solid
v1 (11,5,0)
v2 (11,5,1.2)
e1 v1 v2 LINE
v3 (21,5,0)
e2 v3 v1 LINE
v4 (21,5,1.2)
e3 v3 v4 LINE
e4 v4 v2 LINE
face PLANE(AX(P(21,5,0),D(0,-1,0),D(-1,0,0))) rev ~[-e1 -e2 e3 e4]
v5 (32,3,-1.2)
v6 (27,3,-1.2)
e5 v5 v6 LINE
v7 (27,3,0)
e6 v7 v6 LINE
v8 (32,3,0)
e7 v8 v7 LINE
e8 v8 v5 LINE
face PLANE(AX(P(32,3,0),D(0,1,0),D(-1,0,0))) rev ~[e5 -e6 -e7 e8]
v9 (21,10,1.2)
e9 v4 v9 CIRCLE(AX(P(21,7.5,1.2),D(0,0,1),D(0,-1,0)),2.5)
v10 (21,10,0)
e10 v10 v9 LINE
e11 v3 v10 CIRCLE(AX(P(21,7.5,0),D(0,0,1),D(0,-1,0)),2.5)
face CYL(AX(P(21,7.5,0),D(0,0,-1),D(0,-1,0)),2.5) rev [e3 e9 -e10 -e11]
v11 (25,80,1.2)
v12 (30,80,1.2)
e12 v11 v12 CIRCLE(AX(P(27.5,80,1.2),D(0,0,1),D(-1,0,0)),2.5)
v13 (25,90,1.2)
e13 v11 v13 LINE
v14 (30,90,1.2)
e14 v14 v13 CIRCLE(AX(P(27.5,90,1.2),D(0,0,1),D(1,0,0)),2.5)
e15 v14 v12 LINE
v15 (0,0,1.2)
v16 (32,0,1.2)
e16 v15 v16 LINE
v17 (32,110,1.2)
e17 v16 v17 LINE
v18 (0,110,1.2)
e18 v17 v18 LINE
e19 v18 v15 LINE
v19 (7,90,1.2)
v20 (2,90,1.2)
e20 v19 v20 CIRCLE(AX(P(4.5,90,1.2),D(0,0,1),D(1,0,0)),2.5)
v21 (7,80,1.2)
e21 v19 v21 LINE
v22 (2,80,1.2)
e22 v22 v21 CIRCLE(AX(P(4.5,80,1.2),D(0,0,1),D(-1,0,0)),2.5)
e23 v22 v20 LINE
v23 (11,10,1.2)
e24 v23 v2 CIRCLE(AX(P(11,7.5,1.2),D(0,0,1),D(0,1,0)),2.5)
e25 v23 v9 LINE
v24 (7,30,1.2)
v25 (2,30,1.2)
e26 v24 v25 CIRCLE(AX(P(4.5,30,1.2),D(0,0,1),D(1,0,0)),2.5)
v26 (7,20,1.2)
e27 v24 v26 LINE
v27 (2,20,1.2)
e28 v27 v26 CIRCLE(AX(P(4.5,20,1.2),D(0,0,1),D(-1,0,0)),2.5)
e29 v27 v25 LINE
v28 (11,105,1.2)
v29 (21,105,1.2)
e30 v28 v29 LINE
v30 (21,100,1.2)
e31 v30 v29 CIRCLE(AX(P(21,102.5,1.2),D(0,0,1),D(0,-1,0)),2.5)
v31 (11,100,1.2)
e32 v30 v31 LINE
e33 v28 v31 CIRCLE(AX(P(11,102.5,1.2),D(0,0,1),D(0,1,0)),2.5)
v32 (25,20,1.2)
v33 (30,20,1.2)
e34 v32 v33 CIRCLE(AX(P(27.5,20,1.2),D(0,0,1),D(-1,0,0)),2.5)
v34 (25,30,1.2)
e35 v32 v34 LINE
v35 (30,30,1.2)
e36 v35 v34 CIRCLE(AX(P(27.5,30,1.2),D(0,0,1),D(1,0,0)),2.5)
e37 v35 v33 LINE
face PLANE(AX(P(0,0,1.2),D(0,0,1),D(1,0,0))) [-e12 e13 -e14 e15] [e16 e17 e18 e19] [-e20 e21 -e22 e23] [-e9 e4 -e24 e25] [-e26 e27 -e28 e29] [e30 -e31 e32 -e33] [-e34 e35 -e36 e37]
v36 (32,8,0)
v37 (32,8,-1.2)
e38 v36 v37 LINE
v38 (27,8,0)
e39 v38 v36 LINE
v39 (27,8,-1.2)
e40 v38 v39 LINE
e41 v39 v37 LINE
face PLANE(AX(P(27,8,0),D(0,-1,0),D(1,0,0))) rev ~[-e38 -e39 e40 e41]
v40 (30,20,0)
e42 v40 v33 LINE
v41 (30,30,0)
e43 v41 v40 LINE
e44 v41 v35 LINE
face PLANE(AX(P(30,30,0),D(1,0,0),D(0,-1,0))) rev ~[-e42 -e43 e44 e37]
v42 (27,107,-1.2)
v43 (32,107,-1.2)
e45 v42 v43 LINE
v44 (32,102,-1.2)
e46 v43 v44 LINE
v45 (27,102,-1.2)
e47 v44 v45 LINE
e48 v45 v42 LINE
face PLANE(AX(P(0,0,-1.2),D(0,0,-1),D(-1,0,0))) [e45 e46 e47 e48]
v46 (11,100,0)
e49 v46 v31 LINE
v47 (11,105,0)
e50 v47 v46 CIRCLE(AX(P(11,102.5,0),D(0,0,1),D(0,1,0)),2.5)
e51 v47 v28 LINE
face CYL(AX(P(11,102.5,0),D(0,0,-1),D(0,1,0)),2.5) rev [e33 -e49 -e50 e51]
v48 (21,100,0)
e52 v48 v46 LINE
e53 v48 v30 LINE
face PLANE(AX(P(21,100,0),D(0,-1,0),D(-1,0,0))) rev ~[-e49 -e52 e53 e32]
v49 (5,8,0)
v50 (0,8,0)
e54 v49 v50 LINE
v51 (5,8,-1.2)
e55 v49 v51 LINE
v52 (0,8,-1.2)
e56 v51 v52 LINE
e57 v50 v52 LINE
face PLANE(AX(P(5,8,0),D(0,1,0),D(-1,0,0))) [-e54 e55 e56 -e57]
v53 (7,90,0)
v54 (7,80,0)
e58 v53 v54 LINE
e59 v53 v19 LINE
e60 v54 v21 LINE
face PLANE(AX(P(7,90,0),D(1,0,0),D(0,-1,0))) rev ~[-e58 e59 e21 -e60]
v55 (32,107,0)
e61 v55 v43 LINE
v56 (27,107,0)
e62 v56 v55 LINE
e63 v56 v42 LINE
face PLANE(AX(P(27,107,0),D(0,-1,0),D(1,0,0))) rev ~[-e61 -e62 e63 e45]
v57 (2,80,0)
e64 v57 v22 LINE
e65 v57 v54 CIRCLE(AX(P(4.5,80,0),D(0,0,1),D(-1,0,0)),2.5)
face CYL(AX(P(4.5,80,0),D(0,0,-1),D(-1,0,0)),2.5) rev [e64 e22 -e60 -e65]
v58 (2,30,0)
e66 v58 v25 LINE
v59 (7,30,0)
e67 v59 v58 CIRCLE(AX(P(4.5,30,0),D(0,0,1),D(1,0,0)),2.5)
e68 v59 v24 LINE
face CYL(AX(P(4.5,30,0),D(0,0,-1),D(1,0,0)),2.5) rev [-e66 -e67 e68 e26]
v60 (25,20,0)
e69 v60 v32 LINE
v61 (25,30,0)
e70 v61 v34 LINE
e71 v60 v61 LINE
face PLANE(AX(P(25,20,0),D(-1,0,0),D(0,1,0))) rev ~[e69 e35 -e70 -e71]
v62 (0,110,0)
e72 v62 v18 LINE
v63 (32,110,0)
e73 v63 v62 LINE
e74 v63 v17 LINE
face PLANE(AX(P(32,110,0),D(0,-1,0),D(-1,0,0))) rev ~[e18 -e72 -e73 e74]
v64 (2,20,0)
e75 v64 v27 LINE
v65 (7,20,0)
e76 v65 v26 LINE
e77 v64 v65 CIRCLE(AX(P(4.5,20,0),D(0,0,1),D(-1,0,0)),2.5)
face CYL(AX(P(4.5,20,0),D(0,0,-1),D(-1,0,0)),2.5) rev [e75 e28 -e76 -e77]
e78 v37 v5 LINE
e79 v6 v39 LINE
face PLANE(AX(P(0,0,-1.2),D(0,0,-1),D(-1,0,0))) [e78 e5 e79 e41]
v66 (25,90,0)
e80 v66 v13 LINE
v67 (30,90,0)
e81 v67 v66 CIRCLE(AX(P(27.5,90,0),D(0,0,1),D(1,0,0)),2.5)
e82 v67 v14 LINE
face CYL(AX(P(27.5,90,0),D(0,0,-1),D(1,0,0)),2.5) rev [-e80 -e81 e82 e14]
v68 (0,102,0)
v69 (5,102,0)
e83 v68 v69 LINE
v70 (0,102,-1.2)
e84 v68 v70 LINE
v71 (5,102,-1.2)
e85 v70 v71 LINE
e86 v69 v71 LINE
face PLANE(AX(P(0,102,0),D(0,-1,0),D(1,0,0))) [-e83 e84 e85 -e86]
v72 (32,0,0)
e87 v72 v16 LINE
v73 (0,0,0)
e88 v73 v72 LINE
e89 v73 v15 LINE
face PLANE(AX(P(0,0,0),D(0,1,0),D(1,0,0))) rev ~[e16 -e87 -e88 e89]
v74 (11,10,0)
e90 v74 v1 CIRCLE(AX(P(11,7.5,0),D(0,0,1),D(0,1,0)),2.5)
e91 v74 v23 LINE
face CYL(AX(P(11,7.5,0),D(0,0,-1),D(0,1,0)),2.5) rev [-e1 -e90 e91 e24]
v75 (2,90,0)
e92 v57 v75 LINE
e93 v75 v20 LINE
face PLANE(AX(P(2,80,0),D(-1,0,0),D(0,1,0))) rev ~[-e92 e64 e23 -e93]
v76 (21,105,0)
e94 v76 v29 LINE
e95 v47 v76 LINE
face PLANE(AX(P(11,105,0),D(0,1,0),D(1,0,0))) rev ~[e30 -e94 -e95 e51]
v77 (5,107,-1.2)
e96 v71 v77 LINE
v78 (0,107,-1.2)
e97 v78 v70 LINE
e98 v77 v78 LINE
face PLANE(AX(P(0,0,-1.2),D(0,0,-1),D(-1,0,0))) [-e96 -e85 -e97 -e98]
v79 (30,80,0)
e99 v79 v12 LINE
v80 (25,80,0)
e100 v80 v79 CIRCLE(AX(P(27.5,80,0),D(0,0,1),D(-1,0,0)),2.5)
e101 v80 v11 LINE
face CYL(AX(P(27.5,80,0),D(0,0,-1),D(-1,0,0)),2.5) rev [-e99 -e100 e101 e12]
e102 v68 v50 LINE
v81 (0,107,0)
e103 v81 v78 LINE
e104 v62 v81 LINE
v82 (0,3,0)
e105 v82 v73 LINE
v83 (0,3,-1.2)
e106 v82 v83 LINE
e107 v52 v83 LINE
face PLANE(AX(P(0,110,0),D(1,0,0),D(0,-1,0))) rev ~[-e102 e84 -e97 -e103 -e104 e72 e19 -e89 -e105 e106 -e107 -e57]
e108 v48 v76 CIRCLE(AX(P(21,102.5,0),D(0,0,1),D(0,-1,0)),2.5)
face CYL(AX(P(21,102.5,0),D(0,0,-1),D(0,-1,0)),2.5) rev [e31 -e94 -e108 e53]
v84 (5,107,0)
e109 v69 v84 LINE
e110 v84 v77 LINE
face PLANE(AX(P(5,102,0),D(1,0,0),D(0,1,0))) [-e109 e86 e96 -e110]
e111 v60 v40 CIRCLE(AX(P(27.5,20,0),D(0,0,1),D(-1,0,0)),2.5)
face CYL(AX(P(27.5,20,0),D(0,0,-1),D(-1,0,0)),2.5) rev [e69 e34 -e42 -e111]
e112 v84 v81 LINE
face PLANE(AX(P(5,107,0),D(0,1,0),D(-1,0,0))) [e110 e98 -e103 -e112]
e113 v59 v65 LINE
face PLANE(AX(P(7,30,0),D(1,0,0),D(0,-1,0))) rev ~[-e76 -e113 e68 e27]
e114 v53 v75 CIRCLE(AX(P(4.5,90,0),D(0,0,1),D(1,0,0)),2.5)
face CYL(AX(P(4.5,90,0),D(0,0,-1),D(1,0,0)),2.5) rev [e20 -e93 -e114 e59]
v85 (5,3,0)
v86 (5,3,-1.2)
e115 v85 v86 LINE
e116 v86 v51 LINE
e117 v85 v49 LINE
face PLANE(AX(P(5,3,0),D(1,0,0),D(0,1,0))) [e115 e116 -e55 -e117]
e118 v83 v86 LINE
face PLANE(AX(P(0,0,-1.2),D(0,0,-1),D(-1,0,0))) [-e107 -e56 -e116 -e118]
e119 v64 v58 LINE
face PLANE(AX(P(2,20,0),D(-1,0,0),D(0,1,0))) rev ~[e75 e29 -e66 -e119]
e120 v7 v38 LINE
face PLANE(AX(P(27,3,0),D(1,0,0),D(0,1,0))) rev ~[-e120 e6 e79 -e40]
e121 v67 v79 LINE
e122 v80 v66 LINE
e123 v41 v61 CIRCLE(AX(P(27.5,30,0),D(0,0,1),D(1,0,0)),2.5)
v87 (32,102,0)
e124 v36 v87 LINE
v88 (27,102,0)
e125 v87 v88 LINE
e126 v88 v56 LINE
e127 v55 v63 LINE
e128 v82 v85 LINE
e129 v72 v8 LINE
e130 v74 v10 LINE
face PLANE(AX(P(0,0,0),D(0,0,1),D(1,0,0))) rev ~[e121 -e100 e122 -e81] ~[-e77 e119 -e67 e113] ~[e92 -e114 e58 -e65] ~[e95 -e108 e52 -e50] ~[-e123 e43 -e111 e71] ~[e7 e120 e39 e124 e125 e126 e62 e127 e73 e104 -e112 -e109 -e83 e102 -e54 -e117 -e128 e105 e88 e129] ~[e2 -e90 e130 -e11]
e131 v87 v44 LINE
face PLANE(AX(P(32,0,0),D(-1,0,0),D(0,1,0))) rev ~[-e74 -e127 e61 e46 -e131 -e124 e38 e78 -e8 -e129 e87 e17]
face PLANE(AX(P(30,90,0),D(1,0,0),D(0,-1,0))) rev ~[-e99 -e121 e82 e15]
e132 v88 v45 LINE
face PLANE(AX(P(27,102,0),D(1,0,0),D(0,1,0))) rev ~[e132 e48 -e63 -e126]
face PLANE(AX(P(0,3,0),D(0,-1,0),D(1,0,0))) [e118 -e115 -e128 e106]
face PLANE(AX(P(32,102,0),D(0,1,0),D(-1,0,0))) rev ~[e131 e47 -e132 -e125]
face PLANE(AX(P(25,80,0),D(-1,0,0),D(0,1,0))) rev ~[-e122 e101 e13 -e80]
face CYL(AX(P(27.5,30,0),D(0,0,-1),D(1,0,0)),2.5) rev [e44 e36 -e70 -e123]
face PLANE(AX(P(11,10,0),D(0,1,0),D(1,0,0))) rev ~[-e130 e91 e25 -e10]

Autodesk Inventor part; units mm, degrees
ref_plane "YZ Plane" through (0, 0, 0) normal (1, 0, 0) x (0, 1, 0)
ref_plane "XZ Plane" through (0, 0, 0) normal (0, 1, 0) x (-1, 0, 0)
ref_plane "XY Plane" through (0, 0, 0) normal (0, 0, 1) x (1, 0, 0)
sketch "Skizze1" plane through (0, 0, 0) normal (0, 0, 1) x (1, 0, 0)
  line L0 (0, 0) -> (32, 0)
  line L1 (32, 0) -> (32, 110)
  line L2 (32, 110) -> (0, 110)
  line L3 (0, 110) -> (0, 0)
  line L4 (11, 105) -> (21, 105)
  line L5 (21, 105) -> (21, 100) construction
  line L6 (21, 100) -> (11, 100)
  line L7 (11, 100) -> (11, 105) construction
  line L8 (11, 10) -> (21, 10)
  line L9 (21, 10) -> (21, 5) construction
  line L10 (21, 5) -> (11, 5)
  line L11 (11, 5) -> (11, 10) construction
  line L12 (2, 90) -> (7, 90) construction
  line L13 (7, 90) -> (7, 80)
  line L14 (7, 80) -> (2, 80) construction
  line L15 (2, 80) -> (2, 90)
  line L16 (2, 30) -> (7, 30) construction
  line L17 (7, 30) -> (7, 20)
  line L18 (7, 20) -> (2, 20) construction
  line L19 (2, 20) -> (2, 30)
  line L20 (25, 90) -> (30, 90) construction
  line L21 (30, 90) -> (30, 80)
  line L22 (30, 80) -> (25, 80) construction
  line L23 (25, 80) -> (25, 90)
  line L24 (25, 30) -> (30, 30) construction
  line L25 (30, 30) -> (30, 20)
  line L26 (30, 20) -> (25, 20) construction
  line L27 (25, 20) -> (25, 30)
  line L28 (16, 110) -> (16, 0) construction
  line L29 (7, 80) -> (7, 30) construction
  line L30 (0, 55) -> (32, 55) construction
  arc A0 (2, 80) -> (7, 80) centre (4.5, 80) ccw
  arc A1 (7, 90) -> (2, 90) centre (4.5, 90) ccw
  arc A2 (30, 90) -> (25, 90) centre (27.5, 90) ccw
  arc A3 (25, 80) -> (30, 80) centre (27.5, 80) ccw
  arc A4 (21, 5) -> (21, 10) centre (21, 7.5) ccw
  arc A5 (11, 10) -> (11, 5) centre (11, 7.5) ccw
  arc A6 (2, 20) -> (7, 20) centre (4.5, 20) ccw
  arc A7 (25, 20) -> (30, 20) centre (27.5, 20) ccw
  arc A8 (30, 30) -> (25, 30) centre (27.5, 30) ccw
  arc A9 (7, 30) -> (2, 30) centre (4.5, 30) ccw
  arc A10 (21, 100) -> (21, 105) centre (21, 102.5) ccw
  arc A11 (11, 105) -> (11, 100) centre (11, 102.5) ccw
  point P0 (16, 10)
  point P1 (7, 55)
  dimension "d0" = 32
  dimension "d1" = 110
  dimension "d4" = 10
  dimension "d5" = 10
  dimension "d6" = 10
  dimension "d7" = 5
  dimension "d8" = 5
  dimension "d9" = 5
  dimension "d10" = 5
  dimension "d11" = 5
  dimension "d12" = 2
  dimension "d13" = 2
  dimension "d14" = 50
  dimension "d15" = 5
extrude "Extrusion2" add sketch "Skizze1" along normal blind 1.2
sketch "Skizze2" plane through (0, 0, 0) normal (0, 0, -1) x (-1, 0, 0)
  arc A0 (-25, 30) -> (-30, 30) centre (-27.5, 30) ccw construction
  line L0 (-25, 30) -> (-25, 20) construction
  arc A1 (-30, 20) -> (-25, 20) centre (-27.5, 20) ccw construction
  line L1 (-30, 20) -> (-30, 30) construction
  arc A2 (-25, 90) -> (-30, 90) centre (-27.5, 90) ccw construction
  line L2 (-25, 90) -> (-25, 80) construction
  arc A3 (-30, 80) -> (-25, 80) centre (-27.5, 80) ccw construction
  line L3 (-30, 80) -> (-30, 90) construction
  arc A4 (-2, 30) -> (-7, 30) centre (-4.5, 30) ccw construction
  line L4 (-2, 30) -> (-2, 20) construction
  arc A5 (-7, 20) -> (-2, 20) centre (-4.5, 20) ccw construction
  line L5 (-7, 20) -> (-7, 30) construction
  arc A6 (-2, 90) -> (-7, 90) centre (-4.5, 90) ccw construction
  line L6 (-2, 90) -> (-2, 80) construction
  arc A7 (-7, 80) -> (-2, 80) centre (-4.5, 80) ccw construction
  line L7 (-7, 80) -> (-7, 90) construction
  arc A8 (-21, 10) -> (-21, 5) centre (-21, 7.5) ccw construction
  line L8 (-21, 10) -> (-11, 10) construction
  arc A9 (-11, 5) -> (-11, 10) centre (-11, 7.5) ccw construction
  line L9 (-11, 5) -> (-21, 5) construction
  arc A10 (-21, 105) -> (-21, 100) centre (-21, 102.5) ccw construction
  line L10 (-21, 105) -> (-11, 105) construction
  arc A11 (-11, 100) -> (-11, 105) centre (-11, 102.5) ccw construction
  line L11 (-11, 100) -> (-21, 100) construction
  line L12 (0, 0) -> (-32, 0) construction
  line L13 (0, 110) -> (0, 0) construction
  line L14 (-32, 110) -> (0, 110) construction
  line L15 (-32, 0) -> (-32, 110) construction
  line L16 (-32, 3) -> (-27, 3)
  line L17 (-27, 3) -> (-27, 8)
  line L18 (-27, 8) -> (-32, 8)
  line L19 (-32, 8) -> (-32, 3)
  line L20 (0, 3) -> (-5, 3)
  line L21 (-5, 3) -> (-5, 8)
  line L22 (-5, 8) -> (0, 8)
  line L23 (0, 8) -> (0, 3)
  line L24 (0, 102) -> (-5, 102)
  line L25 (-5, 102) -> (-5, 107)
  line L26 (-5, 107) -> (0, 107)
  line L27 (0, 107) -> (0, 102)
  line L28 (-27, 107) -> (-32, 107)
  line L29 (-32, 107) -> (-32, 102)
  line L30 (-32, 102) -> (-27, 102)
  line L31 (-27, 102) -> (-27, 107)
  dimension "d18" = 5
  dimension "d19" = 5
  dimension "d20" = 5
  dimension "d21" = 5
  dimension "d22" = 3
  dimension "d23" = 0
  dimension "d24" = 0
  dimension "d25" = 3
extrude "Extrusion3" add sketch "Skizze2" along normal blind 1.2
properties part number "bett_V3_teil2_deckplatte" material "Holz (Walnuss)"
